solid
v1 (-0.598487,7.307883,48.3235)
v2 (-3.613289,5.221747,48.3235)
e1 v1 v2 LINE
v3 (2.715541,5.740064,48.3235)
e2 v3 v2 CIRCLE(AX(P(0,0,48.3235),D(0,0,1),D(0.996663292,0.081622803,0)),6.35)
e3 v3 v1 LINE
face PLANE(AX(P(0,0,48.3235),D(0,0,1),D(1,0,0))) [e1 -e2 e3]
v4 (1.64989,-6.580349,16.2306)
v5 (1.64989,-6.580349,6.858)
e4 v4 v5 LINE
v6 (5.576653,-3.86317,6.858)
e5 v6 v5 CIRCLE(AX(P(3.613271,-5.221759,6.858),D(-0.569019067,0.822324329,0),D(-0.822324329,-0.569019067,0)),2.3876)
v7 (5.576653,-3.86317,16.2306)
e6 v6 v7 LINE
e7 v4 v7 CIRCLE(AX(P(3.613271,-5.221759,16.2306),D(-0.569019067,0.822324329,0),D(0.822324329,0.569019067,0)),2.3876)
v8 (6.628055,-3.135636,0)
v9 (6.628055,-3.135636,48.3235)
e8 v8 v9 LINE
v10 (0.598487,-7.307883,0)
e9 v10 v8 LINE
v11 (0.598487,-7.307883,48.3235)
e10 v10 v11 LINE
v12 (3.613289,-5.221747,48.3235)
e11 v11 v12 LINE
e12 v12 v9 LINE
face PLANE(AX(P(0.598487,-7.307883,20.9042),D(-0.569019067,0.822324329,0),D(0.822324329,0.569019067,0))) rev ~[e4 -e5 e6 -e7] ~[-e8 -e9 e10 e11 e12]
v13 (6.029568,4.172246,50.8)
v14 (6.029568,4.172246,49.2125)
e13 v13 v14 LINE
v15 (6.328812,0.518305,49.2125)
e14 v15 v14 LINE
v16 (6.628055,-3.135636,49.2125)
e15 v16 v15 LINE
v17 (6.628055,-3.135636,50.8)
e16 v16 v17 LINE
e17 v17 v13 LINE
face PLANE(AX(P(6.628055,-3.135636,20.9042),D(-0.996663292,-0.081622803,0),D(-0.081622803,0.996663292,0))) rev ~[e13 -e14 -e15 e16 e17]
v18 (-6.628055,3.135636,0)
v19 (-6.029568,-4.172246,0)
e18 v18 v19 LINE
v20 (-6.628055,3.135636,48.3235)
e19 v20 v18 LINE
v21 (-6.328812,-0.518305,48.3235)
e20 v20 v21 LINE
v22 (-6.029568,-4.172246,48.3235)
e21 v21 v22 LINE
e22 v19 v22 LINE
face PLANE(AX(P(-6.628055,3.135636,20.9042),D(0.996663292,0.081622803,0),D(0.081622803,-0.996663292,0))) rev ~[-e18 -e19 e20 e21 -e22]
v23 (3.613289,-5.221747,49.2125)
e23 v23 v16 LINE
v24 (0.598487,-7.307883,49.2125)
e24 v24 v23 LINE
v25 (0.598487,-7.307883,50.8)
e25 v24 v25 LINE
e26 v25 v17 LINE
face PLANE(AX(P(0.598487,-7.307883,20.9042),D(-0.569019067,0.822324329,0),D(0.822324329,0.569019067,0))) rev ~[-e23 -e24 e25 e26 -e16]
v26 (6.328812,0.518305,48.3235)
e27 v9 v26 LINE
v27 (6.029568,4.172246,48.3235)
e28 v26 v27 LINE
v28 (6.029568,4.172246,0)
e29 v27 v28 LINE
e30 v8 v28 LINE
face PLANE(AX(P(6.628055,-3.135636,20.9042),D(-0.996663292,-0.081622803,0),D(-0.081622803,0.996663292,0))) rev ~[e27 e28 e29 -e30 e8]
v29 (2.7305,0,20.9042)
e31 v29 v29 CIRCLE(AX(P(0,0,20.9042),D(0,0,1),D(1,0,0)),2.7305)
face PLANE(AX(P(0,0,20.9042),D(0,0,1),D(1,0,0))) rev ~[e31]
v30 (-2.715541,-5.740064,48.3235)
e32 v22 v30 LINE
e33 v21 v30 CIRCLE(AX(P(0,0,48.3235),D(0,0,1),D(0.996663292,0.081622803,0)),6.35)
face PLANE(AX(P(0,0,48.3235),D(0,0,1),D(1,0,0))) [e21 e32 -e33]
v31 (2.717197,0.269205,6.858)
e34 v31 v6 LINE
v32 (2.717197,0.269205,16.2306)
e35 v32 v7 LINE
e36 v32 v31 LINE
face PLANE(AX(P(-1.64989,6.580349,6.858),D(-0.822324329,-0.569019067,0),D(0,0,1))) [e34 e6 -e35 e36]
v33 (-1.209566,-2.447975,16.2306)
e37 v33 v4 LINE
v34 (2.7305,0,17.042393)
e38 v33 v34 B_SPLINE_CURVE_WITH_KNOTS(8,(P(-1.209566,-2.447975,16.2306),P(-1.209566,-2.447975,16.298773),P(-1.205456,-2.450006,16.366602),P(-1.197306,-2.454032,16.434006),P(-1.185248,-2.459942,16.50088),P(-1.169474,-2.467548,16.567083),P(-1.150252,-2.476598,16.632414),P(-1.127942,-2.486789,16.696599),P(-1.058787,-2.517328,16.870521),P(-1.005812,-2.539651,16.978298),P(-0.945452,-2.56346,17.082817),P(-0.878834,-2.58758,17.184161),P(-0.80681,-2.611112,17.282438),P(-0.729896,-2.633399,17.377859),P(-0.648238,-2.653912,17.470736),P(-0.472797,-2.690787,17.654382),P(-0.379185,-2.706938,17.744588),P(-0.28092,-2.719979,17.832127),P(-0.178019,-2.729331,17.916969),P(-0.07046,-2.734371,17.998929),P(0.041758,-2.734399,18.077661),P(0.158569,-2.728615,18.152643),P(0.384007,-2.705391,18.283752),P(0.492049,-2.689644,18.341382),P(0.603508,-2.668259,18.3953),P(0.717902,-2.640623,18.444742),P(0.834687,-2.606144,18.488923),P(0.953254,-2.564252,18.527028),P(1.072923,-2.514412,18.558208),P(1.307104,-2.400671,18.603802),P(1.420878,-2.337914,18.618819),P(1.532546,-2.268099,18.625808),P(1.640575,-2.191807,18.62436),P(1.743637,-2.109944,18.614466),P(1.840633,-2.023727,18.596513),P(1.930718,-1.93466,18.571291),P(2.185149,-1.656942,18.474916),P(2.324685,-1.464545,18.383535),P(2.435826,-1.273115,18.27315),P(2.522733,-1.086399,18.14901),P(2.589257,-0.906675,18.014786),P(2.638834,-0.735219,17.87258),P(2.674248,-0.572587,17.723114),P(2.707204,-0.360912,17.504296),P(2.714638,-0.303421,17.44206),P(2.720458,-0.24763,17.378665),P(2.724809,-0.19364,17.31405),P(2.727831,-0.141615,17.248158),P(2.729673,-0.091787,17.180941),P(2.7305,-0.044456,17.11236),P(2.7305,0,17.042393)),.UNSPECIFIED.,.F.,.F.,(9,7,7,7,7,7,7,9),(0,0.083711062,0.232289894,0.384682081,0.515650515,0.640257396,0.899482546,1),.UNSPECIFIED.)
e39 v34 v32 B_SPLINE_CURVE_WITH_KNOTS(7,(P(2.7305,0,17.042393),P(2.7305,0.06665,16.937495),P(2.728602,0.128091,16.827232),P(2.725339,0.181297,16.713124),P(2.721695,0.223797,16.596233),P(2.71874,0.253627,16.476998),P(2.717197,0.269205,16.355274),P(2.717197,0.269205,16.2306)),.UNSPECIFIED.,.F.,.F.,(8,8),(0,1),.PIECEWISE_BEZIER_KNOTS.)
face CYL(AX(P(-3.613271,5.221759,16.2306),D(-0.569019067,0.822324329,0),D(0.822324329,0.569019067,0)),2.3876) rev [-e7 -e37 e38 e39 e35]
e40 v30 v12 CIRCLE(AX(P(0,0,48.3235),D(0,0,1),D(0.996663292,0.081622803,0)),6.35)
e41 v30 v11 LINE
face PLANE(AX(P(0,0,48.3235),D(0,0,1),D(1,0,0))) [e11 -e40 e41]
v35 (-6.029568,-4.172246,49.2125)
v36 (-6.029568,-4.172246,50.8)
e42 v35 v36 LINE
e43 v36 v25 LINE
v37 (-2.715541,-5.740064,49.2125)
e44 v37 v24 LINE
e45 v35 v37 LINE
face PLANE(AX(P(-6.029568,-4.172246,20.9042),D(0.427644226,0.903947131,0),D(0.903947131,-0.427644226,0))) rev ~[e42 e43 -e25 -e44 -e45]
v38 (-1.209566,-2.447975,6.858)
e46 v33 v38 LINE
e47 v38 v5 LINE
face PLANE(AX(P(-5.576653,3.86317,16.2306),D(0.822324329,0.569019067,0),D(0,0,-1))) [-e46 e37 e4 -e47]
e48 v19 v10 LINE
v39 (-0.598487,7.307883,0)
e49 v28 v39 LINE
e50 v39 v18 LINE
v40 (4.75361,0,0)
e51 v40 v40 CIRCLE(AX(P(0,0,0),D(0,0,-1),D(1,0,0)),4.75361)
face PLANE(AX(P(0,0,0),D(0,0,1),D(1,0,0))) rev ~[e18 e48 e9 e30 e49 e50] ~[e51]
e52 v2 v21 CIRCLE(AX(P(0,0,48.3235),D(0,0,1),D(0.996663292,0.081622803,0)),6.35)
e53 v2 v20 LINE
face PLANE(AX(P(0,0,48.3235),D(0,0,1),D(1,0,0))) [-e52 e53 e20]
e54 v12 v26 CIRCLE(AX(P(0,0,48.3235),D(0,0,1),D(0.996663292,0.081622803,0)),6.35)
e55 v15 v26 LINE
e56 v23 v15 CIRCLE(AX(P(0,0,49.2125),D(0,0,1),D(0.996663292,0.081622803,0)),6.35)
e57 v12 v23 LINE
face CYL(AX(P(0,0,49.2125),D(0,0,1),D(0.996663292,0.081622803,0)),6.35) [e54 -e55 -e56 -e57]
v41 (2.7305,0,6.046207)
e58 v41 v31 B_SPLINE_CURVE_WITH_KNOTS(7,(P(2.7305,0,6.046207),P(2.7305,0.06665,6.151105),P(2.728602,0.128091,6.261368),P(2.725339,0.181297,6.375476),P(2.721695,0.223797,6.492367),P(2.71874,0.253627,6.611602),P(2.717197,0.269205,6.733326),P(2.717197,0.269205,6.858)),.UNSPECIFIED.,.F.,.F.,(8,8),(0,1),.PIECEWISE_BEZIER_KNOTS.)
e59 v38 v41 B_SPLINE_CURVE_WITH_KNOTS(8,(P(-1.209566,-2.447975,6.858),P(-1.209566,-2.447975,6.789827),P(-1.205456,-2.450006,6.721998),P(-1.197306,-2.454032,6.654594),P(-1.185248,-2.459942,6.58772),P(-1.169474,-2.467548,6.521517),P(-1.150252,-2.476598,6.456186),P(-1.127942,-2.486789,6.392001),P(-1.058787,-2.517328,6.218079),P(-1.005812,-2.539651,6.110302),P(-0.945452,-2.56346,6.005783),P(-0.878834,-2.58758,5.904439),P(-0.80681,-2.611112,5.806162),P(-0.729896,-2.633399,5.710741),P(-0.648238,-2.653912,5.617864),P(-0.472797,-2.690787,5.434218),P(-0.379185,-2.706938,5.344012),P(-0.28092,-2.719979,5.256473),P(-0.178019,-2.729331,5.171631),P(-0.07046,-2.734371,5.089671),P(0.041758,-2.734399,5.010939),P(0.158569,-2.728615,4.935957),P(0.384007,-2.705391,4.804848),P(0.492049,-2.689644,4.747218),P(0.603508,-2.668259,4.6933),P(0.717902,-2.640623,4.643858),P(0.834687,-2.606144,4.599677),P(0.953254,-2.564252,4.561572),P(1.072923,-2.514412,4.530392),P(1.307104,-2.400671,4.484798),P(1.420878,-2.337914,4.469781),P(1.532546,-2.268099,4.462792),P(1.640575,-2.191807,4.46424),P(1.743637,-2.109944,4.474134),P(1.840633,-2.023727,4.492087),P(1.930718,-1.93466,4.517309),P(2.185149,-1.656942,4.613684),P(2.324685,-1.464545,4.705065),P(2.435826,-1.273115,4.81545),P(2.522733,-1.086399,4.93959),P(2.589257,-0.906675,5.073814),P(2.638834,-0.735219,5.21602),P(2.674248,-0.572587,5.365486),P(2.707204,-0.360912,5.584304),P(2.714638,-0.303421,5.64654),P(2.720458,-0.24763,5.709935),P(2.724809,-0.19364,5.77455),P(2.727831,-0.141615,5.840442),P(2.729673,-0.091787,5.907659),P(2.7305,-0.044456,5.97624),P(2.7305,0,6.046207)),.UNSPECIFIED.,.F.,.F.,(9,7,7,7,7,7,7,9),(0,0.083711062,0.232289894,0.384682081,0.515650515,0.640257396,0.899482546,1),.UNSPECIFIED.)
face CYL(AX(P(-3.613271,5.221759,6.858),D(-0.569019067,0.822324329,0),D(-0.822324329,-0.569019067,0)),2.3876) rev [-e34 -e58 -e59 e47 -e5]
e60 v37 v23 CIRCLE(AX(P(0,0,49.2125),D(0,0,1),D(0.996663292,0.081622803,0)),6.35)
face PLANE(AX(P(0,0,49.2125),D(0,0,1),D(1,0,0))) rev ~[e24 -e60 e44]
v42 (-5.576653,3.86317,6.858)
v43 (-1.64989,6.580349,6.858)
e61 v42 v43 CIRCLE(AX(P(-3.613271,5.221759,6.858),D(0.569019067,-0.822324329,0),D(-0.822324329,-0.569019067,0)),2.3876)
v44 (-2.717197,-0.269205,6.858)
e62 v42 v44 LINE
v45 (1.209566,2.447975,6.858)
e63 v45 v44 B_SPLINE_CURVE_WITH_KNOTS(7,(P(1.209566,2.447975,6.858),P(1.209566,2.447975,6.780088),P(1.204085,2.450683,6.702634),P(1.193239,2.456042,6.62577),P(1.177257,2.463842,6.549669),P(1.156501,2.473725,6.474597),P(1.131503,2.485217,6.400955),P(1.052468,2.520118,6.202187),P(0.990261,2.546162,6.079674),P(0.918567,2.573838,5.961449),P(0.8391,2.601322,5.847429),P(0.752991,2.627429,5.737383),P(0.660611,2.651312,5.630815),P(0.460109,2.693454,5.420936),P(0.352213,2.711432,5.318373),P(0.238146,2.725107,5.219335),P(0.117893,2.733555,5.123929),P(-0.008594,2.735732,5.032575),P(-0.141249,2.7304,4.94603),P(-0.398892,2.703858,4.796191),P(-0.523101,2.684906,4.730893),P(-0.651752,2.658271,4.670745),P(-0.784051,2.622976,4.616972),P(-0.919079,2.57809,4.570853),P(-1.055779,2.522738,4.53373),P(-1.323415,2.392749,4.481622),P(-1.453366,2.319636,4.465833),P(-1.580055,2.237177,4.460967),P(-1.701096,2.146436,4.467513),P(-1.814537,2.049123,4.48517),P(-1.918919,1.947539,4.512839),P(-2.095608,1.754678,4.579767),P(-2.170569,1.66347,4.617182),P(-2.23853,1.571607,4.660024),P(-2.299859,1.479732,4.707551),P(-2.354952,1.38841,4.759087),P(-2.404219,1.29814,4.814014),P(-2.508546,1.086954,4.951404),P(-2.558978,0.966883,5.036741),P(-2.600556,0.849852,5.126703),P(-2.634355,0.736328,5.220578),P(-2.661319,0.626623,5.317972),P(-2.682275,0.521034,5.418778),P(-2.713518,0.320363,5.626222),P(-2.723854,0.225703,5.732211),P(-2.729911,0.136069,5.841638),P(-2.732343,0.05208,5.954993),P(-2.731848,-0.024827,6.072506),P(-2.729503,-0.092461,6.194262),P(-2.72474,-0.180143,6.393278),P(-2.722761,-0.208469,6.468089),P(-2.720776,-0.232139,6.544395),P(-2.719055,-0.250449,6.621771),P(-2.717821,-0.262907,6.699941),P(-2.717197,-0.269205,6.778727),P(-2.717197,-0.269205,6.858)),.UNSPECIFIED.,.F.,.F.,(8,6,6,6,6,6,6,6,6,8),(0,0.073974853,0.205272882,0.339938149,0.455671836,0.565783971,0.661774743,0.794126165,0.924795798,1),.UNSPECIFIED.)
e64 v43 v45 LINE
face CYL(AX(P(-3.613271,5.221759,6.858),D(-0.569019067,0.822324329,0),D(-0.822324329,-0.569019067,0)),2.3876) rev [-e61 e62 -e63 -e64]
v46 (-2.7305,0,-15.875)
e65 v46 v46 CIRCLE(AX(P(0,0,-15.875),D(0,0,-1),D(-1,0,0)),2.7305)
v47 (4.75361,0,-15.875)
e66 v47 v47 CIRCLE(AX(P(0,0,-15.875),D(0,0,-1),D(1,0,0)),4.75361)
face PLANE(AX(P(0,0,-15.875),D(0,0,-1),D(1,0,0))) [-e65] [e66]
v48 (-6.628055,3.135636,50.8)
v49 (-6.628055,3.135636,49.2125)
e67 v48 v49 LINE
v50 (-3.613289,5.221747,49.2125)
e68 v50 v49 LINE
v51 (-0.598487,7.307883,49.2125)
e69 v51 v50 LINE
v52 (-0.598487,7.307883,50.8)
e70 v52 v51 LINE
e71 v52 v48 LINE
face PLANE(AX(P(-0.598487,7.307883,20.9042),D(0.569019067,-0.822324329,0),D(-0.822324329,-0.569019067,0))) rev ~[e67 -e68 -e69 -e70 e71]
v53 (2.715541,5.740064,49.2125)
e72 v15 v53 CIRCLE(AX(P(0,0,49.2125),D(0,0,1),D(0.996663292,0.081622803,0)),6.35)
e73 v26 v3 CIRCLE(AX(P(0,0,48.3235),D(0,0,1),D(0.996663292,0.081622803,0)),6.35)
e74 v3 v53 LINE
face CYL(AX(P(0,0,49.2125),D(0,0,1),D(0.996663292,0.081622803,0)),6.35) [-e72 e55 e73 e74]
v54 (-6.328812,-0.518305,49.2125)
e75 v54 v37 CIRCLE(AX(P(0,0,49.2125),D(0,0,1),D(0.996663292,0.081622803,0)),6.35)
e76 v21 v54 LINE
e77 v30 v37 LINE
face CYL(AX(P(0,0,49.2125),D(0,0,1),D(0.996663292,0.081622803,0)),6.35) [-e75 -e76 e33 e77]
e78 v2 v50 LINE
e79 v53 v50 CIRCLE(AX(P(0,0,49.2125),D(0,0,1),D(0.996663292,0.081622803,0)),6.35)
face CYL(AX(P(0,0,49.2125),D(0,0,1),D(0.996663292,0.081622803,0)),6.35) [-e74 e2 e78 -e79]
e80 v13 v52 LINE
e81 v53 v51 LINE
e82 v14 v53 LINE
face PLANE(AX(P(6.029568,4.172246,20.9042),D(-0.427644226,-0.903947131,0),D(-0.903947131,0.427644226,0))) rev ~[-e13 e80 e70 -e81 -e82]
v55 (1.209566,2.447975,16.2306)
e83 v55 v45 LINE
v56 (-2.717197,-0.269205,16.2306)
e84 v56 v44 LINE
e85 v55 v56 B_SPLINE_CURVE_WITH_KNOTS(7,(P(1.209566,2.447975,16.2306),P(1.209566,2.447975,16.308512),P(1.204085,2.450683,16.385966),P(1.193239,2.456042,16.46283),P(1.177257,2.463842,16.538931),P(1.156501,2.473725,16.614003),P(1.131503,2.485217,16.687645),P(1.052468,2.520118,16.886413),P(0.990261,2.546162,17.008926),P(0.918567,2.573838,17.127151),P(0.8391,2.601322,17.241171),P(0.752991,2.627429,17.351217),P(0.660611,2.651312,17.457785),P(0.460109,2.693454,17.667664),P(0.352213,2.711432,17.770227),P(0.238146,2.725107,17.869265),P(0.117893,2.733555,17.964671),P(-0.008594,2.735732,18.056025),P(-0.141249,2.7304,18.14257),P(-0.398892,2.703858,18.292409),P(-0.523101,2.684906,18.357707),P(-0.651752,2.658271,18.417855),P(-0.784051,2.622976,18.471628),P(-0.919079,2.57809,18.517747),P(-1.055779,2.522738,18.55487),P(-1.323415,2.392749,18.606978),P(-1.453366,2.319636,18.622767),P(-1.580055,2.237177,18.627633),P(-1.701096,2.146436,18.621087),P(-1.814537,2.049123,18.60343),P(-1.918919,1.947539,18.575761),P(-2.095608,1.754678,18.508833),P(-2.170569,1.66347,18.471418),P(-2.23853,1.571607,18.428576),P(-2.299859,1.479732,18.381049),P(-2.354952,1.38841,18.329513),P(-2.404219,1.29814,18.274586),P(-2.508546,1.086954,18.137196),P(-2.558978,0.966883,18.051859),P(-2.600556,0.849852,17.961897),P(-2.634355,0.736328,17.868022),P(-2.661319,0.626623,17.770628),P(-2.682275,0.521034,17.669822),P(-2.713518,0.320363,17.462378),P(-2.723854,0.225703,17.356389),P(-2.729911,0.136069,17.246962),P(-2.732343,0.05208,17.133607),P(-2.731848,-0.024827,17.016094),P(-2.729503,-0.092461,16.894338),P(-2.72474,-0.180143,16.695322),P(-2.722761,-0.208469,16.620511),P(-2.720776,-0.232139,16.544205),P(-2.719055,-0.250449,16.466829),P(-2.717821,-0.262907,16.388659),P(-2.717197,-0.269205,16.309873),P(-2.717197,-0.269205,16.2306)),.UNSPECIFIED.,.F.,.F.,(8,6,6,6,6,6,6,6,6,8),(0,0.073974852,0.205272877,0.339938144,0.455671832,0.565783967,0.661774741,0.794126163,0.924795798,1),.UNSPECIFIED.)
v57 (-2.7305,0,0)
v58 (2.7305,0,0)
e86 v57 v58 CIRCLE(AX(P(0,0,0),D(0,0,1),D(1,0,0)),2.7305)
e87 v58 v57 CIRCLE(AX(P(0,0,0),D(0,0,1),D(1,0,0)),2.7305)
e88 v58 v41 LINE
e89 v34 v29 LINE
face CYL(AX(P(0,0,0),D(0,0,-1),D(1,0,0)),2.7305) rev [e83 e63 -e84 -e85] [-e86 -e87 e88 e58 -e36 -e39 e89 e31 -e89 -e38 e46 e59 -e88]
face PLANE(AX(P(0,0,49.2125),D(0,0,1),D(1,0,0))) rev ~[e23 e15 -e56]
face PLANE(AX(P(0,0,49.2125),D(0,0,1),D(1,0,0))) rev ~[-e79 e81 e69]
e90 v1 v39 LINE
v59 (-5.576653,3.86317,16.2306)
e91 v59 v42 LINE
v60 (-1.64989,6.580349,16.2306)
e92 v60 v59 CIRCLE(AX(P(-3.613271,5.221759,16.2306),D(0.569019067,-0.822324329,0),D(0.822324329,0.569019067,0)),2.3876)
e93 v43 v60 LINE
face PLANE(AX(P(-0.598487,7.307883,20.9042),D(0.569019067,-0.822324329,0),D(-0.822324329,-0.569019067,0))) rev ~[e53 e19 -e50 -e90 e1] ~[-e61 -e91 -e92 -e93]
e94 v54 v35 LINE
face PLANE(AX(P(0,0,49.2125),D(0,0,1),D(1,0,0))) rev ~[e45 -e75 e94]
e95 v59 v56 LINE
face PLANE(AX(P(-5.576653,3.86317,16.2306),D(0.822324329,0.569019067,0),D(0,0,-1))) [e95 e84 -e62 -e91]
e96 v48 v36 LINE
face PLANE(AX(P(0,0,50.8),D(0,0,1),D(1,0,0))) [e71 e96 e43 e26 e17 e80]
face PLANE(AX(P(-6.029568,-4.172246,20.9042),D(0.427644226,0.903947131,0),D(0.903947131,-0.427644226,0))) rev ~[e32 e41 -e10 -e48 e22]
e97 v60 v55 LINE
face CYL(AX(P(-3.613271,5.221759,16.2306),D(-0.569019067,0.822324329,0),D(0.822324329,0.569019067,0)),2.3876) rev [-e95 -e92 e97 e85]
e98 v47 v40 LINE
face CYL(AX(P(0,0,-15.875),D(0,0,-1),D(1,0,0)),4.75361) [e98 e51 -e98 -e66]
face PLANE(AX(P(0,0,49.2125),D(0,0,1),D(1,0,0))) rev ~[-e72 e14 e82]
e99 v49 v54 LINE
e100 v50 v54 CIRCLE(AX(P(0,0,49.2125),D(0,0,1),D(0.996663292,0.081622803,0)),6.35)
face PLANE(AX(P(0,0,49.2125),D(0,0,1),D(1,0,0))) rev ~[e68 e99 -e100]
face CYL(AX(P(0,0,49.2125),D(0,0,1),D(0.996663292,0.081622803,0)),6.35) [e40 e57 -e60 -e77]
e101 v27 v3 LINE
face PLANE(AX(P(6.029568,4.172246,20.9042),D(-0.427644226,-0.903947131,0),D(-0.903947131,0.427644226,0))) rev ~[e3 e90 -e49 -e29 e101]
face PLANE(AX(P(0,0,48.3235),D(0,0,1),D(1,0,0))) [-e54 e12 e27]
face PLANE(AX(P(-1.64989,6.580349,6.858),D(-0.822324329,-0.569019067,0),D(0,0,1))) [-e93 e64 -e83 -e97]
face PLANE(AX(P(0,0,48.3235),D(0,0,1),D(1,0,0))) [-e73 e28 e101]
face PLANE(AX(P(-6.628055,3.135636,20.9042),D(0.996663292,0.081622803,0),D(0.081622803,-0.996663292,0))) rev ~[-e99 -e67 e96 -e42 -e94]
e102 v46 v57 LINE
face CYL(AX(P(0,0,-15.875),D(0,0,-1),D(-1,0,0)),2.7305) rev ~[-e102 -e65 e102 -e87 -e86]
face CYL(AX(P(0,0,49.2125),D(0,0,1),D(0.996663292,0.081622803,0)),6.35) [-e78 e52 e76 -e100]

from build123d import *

# Parameters (mm, degrees)
SKETCH1_R           = 2.7305
BOSS_EXTRUDE1_DEPTH = 20.9042
BOSS_EXTRUDE2_DEPTH = 29.8958
BOSS_EXTRUDE3_START = 15.875
SKETCH3_R           = 4.75361
SKETCH3_R_2         = 2.7305
BOSS_EXTRUDE3_DEPTH = 15.875
CUT_EXTRUDE1_REACH  = 55.315
SKETCH5_R           = 7.62
SKETCH5_R_2         = 6.35
CUT_EXTRUDE4_DEPTH  = 0.889


with BuildPart() as part:
    # Sketch1 → Boss-Extrude1 (new body)
    with BuildSketch(Plane.XY):
        Polygon((6.029568492, 4.172246054), (-0.598486828, 7.307882515), (-6.62805532, 3.13563646), (-6.029568492, -4.172246054), (0.598486828, -7.307882515), (6.62805532, -3.13563646), align=None)
        Circle(SKETCH1_R, mode=Mode.SUBTRACT)
    extrude(amount=BOSS_EXTRUDE1_DEPTH)

    # Sketch2 → Boss-Extrude2 (add)
    with BuildSketch(Plane.XY.offset(20.9042)):
        Polygon((-6.62805532, 3.13563646), (-6.029568492, -4.172246054), (0.598486828, -7.307882515), (6.62805532, -3.13563646), (6.029568492, 4.172246054), (-0.598486828, 7.307882515), align=None)
    extrude(amount=BOSS_EXTRUDE2_DEPTH)

    # Sketch3 → Boss-Extrude3 (add)
    with BuildSketch(Plane(origin=(0, 0, 0), x_dir=(-1, 0, 0), z_dir=(0, 0, -1)).offset(BOSS_EXTRUDE3_START)):
        with Locations(Location((0, 0, 0), (0, 0, 180))):
            Circle(SKETCH3_R)
        Circle(SKETCH3_R_2, mode=Mode.SUBTRACT)
    extrude(amount=-BOSS_EXTRUDE3_DEPTH)

    # Cut-Extrude1: up to this face of the body (flat: up to its plane)
    cut_extrude1_end = Plane(part.part.faces().sort_by_distance((3.613271074, -5.221759488, 25.4))[0])
    # Sketch4 → Cut-Extrude1 (cut, up to the picked face)
    with BuildSketch(Plane(origin=(-3.613271074, 5.221759488, 0), x_dir=(0.8223243287496799, 0.5690190667687582, 0), z_dir=(-0.5690190667687582, 0.82232432874968, 0)), mode=Mode.PRIVATE) as cut_extrude1_sk1:
        with BuildLine():
            Line((-2.3876, -16.2306), (-2.3876, -6.858))
            ThreePointArc((-2.3876, -6.858), (0, -4.4704), (2.3876, -6.858))
            Line((2.3876, -6.858), (2.3876, -16.2306))
            ThreePointArc((2.3876, -16.2306), (0, -18.6182), (-2.3876, -16.2306))
        make_face()
    cut_extrude1_tool1 = split(extrude(cut_extrude1_sk1.sketch, amount=-CUT_EXTRUDE1_REACH, mode=Mode.PRIVATE), bisect_by=cut_extrude1_end, keep=Keep.BOTH, mode=Mode.PRIVATE)
    add(cut_extrude1_tool1.solids().sort_by(Axis((-3.613271, 5.221759, 11.5443), (0.5690190667687582, -0.82232432874968, 0)))[0], mode=Mode.SUBTRACT)

    # Sketch5 → Cut-Extrude4 (cut)
    with BuildSketch(Plane.XY.offset(49.2125)):
        Circle(SKETCH5_R)
        with Locations(Location((0, 0, 0), (0, 0, 4.681850588))):
            Circle(SKETCH5_R_2, mode=Mode.SUBTRACT)
    extrude(amount=-CUT_EXTRUDE4_DEPTH, mode=Mode.SUBTRACT)


solid = part.part
